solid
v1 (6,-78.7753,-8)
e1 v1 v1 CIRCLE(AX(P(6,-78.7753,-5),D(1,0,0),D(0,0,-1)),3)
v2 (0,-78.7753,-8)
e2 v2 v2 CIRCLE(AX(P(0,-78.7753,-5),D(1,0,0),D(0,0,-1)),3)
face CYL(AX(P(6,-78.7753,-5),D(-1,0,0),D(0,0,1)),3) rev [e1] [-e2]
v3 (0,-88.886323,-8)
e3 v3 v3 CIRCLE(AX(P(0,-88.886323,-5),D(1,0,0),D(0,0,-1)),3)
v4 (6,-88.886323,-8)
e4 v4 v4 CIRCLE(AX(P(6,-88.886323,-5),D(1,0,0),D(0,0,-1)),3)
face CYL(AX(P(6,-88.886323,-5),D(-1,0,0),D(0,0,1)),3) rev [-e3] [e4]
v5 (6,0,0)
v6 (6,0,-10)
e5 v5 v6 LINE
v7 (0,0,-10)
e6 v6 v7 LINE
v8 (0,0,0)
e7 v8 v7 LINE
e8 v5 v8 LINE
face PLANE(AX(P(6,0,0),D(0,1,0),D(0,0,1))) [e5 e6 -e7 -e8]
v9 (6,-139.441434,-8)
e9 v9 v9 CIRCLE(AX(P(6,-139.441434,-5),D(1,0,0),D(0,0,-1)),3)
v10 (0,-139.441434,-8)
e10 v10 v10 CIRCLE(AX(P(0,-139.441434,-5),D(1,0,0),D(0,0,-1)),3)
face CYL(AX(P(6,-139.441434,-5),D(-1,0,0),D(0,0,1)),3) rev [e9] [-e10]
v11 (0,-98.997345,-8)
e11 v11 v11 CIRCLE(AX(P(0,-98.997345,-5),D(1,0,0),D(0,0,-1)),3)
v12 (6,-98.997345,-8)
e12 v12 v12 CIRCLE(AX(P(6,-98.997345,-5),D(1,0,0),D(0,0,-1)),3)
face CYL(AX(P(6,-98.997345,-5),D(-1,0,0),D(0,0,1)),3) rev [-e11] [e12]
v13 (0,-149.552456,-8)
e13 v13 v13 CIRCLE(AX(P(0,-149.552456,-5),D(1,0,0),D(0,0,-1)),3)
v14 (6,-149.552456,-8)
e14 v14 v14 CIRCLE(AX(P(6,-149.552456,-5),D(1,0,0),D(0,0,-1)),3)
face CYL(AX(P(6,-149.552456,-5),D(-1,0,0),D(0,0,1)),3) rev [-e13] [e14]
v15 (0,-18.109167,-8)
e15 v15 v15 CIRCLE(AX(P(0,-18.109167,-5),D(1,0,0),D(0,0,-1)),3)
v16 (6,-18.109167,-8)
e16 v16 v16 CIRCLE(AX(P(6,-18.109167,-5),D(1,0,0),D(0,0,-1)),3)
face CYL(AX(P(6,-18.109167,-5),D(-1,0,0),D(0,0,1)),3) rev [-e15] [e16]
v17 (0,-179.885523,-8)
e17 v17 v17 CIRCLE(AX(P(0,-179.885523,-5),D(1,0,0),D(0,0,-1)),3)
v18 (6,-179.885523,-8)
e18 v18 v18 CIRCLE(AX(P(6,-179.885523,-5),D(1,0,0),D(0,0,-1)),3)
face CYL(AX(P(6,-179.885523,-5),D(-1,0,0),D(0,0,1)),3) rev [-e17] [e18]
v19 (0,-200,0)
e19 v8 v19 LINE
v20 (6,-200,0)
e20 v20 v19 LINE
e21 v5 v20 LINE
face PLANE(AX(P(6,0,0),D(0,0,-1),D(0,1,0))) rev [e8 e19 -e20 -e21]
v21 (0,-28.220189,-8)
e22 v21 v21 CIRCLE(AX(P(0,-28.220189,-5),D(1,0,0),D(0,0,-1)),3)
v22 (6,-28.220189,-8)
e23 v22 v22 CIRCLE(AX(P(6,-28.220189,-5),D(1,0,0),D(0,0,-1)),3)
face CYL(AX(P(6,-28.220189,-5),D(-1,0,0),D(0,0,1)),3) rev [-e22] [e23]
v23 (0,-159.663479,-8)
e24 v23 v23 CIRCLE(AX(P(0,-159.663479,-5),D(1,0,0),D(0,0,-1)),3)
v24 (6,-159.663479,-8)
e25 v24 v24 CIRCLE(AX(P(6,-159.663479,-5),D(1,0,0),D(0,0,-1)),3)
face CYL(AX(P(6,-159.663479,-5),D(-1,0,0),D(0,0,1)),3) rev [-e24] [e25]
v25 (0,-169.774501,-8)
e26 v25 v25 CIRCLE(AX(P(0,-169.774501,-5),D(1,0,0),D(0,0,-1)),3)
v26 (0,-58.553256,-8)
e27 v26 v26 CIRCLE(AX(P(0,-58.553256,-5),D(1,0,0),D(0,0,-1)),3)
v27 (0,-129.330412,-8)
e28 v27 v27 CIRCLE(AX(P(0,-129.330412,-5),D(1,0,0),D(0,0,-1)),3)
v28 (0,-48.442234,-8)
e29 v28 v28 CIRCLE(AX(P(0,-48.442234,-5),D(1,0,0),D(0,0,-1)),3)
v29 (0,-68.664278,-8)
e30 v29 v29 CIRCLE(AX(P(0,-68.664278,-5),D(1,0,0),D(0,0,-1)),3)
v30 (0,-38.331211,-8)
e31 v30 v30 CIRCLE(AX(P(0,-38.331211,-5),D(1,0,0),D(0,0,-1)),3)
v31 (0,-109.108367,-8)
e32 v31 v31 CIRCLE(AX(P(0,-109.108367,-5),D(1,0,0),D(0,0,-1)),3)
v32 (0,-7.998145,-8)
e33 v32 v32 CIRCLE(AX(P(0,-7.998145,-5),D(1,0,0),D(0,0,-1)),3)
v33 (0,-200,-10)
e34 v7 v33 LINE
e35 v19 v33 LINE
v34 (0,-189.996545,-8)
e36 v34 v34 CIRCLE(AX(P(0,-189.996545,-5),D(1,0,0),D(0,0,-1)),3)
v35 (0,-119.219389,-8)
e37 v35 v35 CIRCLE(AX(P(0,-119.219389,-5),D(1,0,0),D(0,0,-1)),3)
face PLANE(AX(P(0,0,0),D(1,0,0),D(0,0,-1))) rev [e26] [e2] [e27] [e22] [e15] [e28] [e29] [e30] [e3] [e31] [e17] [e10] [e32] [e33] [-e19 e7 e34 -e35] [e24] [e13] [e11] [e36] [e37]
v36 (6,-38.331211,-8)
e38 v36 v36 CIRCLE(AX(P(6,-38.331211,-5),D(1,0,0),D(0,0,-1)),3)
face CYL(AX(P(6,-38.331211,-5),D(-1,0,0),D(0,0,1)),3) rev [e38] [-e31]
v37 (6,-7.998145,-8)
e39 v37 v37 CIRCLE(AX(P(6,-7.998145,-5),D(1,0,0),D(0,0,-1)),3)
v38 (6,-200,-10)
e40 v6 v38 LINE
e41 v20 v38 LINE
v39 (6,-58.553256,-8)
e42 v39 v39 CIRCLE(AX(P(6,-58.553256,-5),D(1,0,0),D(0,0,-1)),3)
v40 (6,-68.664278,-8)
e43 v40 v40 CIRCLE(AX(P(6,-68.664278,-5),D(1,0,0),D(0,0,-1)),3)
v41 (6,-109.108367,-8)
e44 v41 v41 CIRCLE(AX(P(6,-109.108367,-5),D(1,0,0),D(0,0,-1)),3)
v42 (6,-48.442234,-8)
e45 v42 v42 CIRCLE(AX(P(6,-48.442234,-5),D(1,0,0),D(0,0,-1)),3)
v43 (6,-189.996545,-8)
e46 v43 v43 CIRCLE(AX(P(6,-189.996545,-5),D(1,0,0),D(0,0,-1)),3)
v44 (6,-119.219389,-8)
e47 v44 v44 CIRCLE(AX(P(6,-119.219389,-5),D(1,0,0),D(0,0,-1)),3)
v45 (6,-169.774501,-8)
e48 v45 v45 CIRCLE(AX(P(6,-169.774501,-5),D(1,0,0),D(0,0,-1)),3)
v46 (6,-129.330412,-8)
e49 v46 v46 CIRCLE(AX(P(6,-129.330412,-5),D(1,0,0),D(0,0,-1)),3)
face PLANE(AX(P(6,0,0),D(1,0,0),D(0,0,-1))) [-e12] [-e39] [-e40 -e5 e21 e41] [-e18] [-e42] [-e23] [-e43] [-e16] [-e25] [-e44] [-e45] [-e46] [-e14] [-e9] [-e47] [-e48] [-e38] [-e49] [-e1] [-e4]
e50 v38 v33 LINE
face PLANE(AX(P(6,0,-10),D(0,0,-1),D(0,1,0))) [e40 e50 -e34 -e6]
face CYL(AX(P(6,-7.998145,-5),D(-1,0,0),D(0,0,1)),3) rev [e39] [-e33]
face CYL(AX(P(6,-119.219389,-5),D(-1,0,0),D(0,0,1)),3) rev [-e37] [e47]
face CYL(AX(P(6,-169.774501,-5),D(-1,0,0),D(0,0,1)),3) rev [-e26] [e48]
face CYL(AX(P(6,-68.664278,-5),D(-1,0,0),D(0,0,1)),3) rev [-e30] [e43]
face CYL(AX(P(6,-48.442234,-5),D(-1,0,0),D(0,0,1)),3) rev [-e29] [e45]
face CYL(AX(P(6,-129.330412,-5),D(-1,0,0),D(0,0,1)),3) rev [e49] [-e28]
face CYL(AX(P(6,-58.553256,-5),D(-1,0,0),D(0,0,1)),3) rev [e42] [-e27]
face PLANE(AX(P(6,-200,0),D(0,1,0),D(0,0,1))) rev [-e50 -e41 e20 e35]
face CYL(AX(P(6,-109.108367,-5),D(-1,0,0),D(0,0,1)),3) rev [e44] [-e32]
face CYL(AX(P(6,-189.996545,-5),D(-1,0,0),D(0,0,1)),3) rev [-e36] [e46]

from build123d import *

# Parameters (mm, degrees)
EXTRUDE_1_DEPTH = 6


with BuildPart() as part:
    # 草图1 → 凸台-拉伸1 (new body)
    with BuildSketch(Plane(origin=(0, 0, 0), x_dir=(0, 0, -1), z_dir=(1, 0, 0))):
        with BuildLine():
            Line((5, -4.998144534), (5, 0))
            Line((5, 0), (0, 0))
            Line((0, 0), (0, -200))
            Line((0, -200), (5, -200))
            Line((5, -200), (5, -192.996545307))
            ThreePointArc((5, -192.996545307), (2, -189.996545307), (5, -186.996545307))
            Line((5, -186.996545307), (5, -182.885523042))
            ThreePointArc((5, -182.885523042), (2, -179.885523042), (5, -176.885523042))
            Line((5, -176.885523042), (5, -172.774500777))
            ThreePointArc((5, -172.774500777), (2, -169.774500777), (5, -166.774500777))
            Line((5, -166.774500777), (5, -162.663478512))
            ThreePointArc((5, -162.663478512), (2, -159.663478512), (5, -156.663478512))
            Line((5, -156.663478512), (5, -152.552456247))
            ThreePointArc((5, -152.552456247), (2, -149.552456247), (5, -146.552456247))
            Line((5, -146.552456247), (5, -142.441433981))
            ThreePointArc((5, -142.441433981), (2, -139.441433981), (5, -136.441433981))
            Line((5, -136.441433981), (5, -132.330411716))
            ThreePointArc((5, -132.330411716), (2, -129.330411716), (5, -126.330411716))
            Line((5, -126.330411716), (5, -122.219389451))
            ThreePointArc((5, -122.219389451), (2, -119.219389451), (5, -116.219389451))
            Line((5, -116.219389451), (5, -112.108367186))
            ThreePointArc((5, -112.108367186), (2, -109.108367186), (5, -106.108367186))
            Line((5, -106.108367186), (5, -101.99734492))
            ThreePointArc((5, -101.99734492), (2, -98.99734492), (5, -95.99734492))
            Line((5, -95.99734492), (5, -91.886322655))
            ThreePointArc((5, -91.886322655), (2, -88.886322655), (5, -85.886322655))
            Line((5, -85.886322655), (5, -81.77530039))
            ThreePointArc((5, -81.77530039), (2, -78.77530039), (5, -75.77530039))
            Line((5, -75.77530039), (5, -71.664278125))
            ThreePointArc((5, -71.664278125), (2, -68.664278125), (5, -65.664278125))
            Line((5, -65.664278125), (5, -61.55325586))
            ThreePointArc((5, -61.55325586), (2, -58.55325586), (5, -55.55325586))
            Line((5, -55.55325586), (5, -51.442233594))
            ThreePointArc((5, -51.442233594), (2, -48.442233594), (5, -45.442233594))
            Line((5, -45.442233594), (5, -41.331211329))
            ThreePointArc((5, -41.331211329), (2, -38.331211329), (5, -35.331211329))
            Line((5, -35.331211329), (5, -31.220189064))
            ThreePointArc((5, -31.220189064), (2, -28.220189064), (5, -25.220189064))
            Line((5, -25.220189064), (5, -21.109166799))
            ThreePointArc((5, -21.109166799), (2, -18.109166799), (5, -15.109166799))
            Line((5, -15.109166799), (5, -10.998144534))
            ThreePointArc((5, -10.998144534), (2, -7.998144534), (5, -4.998144534))
        make_face()
        with BuildLine():
            Line((10, 0), (5, 0))
            Line((5, 0), (5, -4.998144534))
            ThreePointArc((5, -4.998144534), (7.121320344, -5.87682419), (8, -7.998144534))
            ThreePointArc((8, -7.998144534), (7.121320344, -10.119464877), (5, -10.998144534))
            Line((5, -10.998144534), (5, -15.109166799))
            ThreePointArc((5, -15.109166799), (7.121320344, -15.987846455), (8, -18.109166799))
            ThreePointArc((8, -18.109166799), (7.121320344, -20.230487142), (5, -21.109166799))
            Line((5, -21.109166799), (5, -25.220189064))
            ThreePointArc((5, -25.220189064), (7.121320344, -26.09886872), (8, -28.220189064))
            ThreePointArc((8, -28.220189064), (7.121320344, -30.341509407), (5, -31.220189064))
            Line((5, -31.220189064), (5, -35.331211329))
            ThreePointArc((5, -35.331211329), (7.121320344, -36.209890986), (8, -38.331211329))
            ThreePointArc((8, -38.331211329), (7.121320344, -40.452531673), (5, -41.331211329))
            Line((5, -41.331211329), (5, -45.442233594))
            ThreePointArc((5, -45.442233594), (7.121320344, -46.320913251), (8, -48.442233594))
            ThreePointArc((8, -48.442233594), (7.121320344, -50.563553938), (5, -51.442233594))
            Line((5, -51.442233594), (5, -55.55325586))
            ThreePointArc((5, -55.55325586), (7.121320344, -56.431935516), (8, -58.55325586))
            ThreePointArc((8, -58.55325586), (7.121320344, -60.674576203), (5, -61.55325586))
            Line((5, -61.55325586), (5, -65.664278125))
            ThreePointArc((5, -65.664278125), (7.121320344, -66.542957781), (8, -68.664278125))
            ThreePointArc((8, -68.664278125), (7.121320344, -70.785598468), (5, -71.664278125))
            Line((5, -71.664278125), (5, -75.77530039))
            ThreePointArc((5, -75.77530039), (7.121320344, -76.653980046), (8, -78.77530039))
            ThreePointArc((8, -78.77530039), (7.121320344, -80.896620734), (5, -81.77530039))
            Line((5, -81.77530039), (5, -85.886322655))
            ThreePointArc((5, -85.886322655), (7.121320344, -86.765002312), (8, -88.886322655))
            ThreePointArc((8, -88.886322655), (7.121320344, -91.007642999), (5, -91.886322655))
            Line((5, -91.886322655), (5, -95.99734492))
            ThreePointArc((5, -95.99734492), (7.121320344, -96.876024577), (8, -98.99734492))
            ThreePointArc((8, -98.99734492), (7.121320344, -101.118665264), (5, -101.99734492))
            Line((5, -101.99734492), (5, -106.108367186))
            ThreePointArc((5, -106.108367186), (7.121320344, -106.987046842), (8, -109.108367186))
            ThreePointArc((8, -109.108367186), (7.121320344, -111.229687529), (5, -112.108367186))
            Line((5, -112.108367186), (5, -116.219389451))
            ThreePointArc((5, -116.219389451), (7.121320344, -117.098069107), (8, -119.219389451))
            ThreePointArc((8, -119.219389451), (7.121320344, -121.340709794), (5, -122.219389451))
            Line((5, -122.219389451), (5, -126.330411716))
            ThreePointArc((5, -126.330411716), (7.121320344, -127.209091373), (8, -129.330411716))
            ThreePointArc((8, -129.330411716), (7.121320344, -131.45173206), (5, -132.330411716))
            Line((5, -132.330411716), (5, -136.441433981))
            ThreePointArc((5, -136.441433981), (7.121320344, -137.320113638), (8, -139.441433981))
            ThreePointArc((8, -139.441433981), (7.121320344, -141.562754325), (5, -142.441433981))
            Line((5, -142.441433981), (5, -146.552456247))
            ThreePointArc((5, -146.552456247), (7.121320344, -147.431135903), (8, -149.552456247))
            ThreePointArc((8, -149.552456247), (7.121320344, -151.67377659), (5, -152.552456247))
            Line((5, -152.552456247), (5, -156.663478512))
            ThreePointArc((5, -156.663478512), (7.121320344, -157.542158168), (8, -159.663478512))
            ThreePointArc((8, -159.663478512), (7.121320344, -161.784798855), (5, -162.663478512))
            Line((5, -162.663478512), (5, -166.774500777))
            ThreePointArc((5, -166.774500777), (7.121320344, -167.653180433), (8, -169.774500777))
            ThreePointArc((8, -169.774500777), (7.121320344, -171.89582112), (5, -172.774500777))
            Line((5, -172.774500777), (5, -176.885523042))
            ThreePointArc((5, -176.885523042), (7.121320344, -177.764202699), (8, -179.885523042))
            ThreePointArc((8, -179.885523042), (7.121320344, -182.006843386), (5, -182.885523042))
            Line((5, -182.885523042), (5, -186.996545307))
            ThreePointArc((5, -186.996545307), (7.121320344, -187.875224964), (8, -189.996545307))
            ThreePointArc((8, -189.996545307), (7.121320344, -192.117865651), (5, -192.996545307))
            Line((5, -192.996545307), (5, -200))
            Line((5, -200), (10, -200))
            Line((10, -200), (10, 0))
        make_face()
    extrude(amount=EXTRUDE_1_DEPTH)


solid = part.part
